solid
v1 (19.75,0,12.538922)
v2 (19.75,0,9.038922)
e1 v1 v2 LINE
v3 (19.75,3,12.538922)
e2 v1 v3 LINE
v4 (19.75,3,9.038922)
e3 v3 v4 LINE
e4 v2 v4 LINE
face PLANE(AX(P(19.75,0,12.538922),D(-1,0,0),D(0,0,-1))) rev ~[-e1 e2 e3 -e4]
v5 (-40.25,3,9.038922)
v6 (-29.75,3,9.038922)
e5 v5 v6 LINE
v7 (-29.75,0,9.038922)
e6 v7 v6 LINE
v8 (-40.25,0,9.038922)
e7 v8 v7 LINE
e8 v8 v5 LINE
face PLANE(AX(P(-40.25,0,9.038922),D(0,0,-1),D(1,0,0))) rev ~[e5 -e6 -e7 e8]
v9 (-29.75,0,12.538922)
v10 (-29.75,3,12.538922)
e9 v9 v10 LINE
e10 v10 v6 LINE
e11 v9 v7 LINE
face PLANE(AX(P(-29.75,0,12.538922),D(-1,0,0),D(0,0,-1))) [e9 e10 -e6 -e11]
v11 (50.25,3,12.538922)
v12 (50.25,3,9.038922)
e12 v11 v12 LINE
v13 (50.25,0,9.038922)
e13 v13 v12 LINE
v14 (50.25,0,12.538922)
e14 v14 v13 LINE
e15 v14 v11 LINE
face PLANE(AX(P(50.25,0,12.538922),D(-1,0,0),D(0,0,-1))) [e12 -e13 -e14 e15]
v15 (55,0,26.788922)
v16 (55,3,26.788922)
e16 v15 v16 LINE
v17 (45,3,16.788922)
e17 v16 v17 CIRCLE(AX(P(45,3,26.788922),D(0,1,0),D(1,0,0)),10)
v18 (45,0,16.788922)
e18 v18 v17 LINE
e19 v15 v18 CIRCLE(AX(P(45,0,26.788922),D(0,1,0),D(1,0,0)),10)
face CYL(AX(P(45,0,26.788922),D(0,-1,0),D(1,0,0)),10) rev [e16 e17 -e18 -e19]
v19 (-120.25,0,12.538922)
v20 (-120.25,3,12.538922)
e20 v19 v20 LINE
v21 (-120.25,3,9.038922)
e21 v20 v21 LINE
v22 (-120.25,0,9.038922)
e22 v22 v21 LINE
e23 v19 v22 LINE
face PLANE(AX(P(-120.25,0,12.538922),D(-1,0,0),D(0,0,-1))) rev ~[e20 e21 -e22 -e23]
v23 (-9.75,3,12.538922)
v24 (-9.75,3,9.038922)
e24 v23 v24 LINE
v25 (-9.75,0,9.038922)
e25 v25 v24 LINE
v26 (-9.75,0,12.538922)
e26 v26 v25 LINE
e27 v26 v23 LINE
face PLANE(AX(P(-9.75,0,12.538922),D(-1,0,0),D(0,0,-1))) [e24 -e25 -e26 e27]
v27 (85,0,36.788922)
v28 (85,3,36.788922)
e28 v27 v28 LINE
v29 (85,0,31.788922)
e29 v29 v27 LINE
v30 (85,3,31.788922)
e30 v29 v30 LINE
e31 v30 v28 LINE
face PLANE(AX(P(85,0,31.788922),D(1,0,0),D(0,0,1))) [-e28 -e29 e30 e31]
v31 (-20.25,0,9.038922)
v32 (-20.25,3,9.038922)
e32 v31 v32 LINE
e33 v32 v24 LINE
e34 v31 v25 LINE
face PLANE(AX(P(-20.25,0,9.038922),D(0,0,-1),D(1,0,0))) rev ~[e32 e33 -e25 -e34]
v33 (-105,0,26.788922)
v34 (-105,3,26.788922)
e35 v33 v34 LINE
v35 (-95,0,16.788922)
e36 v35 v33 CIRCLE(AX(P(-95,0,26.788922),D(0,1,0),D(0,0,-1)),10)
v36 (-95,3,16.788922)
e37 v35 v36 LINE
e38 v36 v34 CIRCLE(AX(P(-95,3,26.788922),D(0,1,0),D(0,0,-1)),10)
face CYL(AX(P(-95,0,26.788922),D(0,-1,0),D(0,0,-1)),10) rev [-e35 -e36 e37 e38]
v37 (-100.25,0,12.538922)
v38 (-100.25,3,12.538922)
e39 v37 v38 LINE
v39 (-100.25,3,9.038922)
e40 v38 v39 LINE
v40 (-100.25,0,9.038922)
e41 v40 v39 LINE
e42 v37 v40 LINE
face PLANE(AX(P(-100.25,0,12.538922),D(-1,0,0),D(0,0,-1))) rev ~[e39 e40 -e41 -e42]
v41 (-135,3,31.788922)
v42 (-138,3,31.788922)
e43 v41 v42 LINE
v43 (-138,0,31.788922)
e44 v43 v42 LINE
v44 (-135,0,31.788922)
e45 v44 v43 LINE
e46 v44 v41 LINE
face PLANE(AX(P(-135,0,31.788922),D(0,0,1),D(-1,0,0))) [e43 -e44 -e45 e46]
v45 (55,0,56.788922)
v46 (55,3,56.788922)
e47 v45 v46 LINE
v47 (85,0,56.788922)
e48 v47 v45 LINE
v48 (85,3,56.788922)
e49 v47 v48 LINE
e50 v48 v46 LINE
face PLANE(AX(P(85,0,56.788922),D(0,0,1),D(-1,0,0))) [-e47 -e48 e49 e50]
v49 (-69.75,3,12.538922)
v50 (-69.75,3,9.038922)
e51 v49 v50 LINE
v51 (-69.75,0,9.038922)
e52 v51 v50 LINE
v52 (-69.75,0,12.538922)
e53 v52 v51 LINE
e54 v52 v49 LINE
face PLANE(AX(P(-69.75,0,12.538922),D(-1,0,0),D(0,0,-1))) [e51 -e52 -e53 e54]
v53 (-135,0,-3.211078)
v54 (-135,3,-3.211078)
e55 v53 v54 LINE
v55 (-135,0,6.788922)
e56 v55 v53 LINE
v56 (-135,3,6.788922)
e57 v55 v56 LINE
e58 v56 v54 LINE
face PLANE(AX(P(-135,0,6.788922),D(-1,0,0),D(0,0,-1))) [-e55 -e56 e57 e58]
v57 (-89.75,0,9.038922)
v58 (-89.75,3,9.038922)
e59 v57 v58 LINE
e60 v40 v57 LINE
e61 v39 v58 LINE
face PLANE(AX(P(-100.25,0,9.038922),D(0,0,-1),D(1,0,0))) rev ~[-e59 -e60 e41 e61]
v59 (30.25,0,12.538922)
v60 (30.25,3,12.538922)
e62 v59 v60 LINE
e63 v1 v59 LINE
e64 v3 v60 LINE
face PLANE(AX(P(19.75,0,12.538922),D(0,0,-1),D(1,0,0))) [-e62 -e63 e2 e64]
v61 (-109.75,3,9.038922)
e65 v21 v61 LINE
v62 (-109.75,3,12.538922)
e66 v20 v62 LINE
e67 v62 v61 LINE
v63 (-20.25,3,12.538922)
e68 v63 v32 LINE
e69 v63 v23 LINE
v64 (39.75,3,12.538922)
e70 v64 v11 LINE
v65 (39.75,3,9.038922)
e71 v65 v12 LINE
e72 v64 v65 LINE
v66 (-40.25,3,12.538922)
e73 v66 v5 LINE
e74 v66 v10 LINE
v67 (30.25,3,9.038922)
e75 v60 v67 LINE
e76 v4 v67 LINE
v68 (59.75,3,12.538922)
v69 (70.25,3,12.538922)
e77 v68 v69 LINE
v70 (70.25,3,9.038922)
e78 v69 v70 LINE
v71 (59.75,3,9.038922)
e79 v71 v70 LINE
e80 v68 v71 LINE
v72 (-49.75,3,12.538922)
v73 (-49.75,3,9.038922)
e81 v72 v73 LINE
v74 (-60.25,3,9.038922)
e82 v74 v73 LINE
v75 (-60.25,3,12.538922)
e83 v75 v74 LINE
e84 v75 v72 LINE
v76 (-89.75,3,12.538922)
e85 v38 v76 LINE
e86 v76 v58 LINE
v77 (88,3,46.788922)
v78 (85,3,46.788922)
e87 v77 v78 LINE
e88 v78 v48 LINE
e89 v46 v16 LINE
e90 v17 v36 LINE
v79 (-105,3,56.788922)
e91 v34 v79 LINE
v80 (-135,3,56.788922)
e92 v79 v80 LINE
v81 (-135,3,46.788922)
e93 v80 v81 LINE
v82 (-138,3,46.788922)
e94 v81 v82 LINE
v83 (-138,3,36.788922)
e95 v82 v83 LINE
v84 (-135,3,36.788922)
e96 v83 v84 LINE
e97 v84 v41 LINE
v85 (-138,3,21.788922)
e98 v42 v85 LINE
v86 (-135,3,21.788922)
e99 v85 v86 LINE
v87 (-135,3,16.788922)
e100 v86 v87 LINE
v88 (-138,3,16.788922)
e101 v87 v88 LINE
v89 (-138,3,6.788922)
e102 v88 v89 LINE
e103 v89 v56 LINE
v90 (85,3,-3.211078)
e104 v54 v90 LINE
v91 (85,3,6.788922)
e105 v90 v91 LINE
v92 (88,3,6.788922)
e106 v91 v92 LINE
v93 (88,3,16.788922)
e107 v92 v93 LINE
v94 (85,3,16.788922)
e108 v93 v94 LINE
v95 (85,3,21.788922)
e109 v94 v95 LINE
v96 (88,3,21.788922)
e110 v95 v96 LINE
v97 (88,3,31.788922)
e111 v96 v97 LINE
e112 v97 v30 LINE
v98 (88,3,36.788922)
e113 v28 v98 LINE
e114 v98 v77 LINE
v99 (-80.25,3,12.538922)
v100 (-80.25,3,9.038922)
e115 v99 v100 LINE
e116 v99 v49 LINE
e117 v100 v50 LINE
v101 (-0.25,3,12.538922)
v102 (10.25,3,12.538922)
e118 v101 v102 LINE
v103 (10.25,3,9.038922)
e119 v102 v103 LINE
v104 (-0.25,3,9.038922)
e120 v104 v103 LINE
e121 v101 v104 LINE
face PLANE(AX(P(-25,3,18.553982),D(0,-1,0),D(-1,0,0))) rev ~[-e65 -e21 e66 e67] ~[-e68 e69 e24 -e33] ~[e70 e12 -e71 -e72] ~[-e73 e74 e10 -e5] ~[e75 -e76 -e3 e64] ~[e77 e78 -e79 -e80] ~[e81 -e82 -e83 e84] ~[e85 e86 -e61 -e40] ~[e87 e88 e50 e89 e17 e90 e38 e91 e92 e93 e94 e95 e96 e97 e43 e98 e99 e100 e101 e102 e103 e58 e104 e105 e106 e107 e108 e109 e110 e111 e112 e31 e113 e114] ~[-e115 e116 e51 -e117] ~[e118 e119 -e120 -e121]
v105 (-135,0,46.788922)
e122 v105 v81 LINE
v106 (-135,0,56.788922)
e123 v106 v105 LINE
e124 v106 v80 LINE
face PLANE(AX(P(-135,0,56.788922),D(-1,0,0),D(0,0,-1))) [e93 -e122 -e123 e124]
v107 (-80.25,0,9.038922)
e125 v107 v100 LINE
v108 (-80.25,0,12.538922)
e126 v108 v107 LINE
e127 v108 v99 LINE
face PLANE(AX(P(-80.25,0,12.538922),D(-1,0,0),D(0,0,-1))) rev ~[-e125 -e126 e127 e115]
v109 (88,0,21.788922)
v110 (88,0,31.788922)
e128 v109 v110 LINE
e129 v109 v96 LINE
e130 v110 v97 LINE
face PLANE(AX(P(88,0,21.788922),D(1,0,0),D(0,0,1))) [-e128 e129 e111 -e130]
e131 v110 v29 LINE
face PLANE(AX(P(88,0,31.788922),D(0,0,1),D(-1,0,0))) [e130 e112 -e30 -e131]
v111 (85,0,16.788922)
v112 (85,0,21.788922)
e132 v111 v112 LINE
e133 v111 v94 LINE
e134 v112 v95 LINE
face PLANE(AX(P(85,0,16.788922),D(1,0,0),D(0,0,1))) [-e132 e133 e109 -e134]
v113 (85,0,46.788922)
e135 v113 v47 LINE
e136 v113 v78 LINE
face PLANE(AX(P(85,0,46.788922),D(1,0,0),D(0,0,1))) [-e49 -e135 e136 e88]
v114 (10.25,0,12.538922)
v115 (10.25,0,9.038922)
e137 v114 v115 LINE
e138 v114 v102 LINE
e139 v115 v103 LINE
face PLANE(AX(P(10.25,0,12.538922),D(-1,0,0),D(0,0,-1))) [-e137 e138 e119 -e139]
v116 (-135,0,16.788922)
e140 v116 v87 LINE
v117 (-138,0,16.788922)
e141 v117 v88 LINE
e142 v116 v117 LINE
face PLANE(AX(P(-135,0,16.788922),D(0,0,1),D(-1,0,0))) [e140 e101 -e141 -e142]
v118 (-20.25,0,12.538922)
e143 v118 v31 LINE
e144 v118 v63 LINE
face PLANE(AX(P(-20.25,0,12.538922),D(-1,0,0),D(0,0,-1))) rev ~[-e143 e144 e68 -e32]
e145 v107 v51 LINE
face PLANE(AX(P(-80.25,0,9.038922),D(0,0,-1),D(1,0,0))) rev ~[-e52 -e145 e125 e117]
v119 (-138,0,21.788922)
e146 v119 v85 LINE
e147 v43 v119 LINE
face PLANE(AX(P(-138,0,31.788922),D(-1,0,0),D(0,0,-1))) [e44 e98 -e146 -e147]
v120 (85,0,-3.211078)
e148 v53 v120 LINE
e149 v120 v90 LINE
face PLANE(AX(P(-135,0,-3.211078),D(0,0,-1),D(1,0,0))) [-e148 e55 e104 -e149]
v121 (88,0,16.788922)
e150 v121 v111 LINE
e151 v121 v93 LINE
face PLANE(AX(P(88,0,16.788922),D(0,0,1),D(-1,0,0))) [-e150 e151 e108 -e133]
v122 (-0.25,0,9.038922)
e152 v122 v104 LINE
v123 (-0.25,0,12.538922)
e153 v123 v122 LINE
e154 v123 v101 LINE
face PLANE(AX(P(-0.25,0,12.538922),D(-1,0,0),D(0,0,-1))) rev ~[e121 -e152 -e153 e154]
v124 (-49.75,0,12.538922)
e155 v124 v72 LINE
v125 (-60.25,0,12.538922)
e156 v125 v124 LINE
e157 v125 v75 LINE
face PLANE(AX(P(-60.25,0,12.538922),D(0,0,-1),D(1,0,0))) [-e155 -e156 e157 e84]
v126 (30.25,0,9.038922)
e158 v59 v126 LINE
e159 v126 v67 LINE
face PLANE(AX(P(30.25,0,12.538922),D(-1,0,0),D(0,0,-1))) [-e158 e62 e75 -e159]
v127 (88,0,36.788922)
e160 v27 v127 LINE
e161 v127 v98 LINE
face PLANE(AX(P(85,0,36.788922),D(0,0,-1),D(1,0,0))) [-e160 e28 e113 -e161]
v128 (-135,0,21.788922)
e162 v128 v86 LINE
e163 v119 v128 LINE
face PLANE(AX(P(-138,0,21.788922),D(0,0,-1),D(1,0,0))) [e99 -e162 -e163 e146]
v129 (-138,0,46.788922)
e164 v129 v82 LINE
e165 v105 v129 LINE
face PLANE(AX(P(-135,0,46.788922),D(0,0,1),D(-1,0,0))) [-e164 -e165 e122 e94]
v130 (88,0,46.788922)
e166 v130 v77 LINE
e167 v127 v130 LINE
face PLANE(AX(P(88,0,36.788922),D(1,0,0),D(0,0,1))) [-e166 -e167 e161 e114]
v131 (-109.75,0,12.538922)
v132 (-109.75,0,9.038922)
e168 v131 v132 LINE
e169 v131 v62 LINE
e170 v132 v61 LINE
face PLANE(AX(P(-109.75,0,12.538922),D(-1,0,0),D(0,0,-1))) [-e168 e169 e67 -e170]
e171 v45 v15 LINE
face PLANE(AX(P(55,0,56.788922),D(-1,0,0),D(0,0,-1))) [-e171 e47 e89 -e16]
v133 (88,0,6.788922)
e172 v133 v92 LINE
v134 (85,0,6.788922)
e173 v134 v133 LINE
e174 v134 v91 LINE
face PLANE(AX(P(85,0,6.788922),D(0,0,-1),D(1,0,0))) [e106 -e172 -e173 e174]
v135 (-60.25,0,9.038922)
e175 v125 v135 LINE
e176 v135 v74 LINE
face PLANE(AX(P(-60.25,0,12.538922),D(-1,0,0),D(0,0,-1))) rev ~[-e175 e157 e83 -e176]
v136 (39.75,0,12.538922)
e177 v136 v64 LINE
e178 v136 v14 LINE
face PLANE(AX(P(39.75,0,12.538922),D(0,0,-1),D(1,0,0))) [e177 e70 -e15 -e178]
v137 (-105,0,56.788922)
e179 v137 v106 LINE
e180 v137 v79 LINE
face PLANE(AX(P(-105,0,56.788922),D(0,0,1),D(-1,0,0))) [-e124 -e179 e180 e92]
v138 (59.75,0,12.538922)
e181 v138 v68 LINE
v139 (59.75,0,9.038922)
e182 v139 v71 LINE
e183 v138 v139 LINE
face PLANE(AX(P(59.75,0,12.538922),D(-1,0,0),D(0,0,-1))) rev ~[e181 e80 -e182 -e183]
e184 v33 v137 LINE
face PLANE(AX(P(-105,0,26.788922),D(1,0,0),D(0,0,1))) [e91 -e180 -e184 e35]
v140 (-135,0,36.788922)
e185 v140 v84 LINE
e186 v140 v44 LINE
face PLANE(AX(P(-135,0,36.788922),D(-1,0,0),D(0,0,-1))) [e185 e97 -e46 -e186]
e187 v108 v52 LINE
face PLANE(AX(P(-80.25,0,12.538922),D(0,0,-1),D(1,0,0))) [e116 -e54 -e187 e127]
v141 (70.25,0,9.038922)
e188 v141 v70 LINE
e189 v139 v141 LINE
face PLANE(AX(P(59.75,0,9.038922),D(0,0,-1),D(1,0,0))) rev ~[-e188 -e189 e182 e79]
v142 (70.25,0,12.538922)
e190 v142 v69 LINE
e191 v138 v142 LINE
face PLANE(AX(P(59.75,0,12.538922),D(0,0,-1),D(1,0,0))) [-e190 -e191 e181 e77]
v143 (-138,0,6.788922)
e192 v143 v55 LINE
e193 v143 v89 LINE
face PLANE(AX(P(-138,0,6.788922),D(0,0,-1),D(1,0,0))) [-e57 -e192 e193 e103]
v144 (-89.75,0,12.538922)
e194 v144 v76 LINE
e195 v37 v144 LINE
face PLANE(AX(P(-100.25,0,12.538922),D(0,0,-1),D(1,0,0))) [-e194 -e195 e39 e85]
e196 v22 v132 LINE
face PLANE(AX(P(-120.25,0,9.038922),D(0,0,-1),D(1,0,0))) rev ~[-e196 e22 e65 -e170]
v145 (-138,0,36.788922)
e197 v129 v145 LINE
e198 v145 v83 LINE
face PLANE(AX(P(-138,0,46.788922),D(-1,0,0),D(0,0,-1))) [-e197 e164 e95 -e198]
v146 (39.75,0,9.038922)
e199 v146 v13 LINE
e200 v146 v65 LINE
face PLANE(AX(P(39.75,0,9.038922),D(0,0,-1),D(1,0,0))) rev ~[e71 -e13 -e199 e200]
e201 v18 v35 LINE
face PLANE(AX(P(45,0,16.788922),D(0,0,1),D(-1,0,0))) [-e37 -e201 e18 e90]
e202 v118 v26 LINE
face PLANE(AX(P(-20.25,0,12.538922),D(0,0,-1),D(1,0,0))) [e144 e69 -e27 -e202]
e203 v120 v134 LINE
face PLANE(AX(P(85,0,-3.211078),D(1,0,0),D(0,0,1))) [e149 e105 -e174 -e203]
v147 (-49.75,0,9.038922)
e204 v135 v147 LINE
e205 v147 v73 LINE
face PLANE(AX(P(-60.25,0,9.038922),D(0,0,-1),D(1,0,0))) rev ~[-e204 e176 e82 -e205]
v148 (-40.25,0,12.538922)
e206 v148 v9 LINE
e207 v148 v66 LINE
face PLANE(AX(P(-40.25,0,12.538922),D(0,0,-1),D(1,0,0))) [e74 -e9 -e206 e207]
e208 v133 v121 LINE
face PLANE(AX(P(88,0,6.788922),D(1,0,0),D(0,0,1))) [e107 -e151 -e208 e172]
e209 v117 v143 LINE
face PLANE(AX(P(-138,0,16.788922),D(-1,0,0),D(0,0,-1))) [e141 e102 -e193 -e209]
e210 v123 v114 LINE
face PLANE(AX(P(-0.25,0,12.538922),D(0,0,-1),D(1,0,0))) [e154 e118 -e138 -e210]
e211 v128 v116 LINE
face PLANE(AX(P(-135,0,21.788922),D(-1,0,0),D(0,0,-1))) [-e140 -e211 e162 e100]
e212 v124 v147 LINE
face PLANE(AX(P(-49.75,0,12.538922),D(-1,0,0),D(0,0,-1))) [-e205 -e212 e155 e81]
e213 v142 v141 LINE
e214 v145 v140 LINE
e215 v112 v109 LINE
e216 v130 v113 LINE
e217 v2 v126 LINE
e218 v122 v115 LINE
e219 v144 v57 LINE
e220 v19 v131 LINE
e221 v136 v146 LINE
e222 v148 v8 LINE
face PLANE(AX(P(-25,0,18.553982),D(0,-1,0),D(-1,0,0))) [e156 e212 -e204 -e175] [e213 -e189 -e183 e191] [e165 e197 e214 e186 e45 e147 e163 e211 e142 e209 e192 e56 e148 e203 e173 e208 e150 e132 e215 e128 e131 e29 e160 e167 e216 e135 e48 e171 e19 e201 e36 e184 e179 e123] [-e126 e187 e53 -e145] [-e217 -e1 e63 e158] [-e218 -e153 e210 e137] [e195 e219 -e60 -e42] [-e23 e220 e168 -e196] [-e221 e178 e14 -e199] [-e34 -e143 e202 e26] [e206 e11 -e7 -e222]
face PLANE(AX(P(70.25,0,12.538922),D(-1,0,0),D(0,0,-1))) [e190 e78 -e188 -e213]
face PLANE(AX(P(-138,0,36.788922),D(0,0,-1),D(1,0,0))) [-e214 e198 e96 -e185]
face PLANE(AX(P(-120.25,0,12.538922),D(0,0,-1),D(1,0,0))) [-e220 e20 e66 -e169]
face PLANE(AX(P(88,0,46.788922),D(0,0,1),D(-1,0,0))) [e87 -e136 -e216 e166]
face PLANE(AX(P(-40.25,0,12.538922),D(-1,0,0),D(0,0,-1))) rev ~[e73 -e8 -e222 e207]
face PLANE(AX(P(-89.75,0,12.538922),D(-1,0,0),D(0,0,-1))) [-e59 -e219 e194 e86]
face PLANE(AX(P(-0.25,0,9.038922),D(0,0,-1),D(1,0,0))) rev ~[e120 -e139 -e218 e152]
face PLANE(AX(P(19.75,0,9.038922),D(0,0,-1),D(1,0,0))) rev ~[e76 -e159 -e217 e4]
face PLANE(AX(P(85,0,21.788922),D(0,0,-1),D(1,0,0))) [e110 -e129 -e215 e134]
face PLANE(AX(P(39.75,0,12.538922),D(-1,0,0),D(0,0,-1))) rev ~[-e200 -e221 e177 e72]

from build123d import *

# Parameters (mm, degrees)
EXTRUDE_1_DEPTH     = 3
SKETCH_2_W          = 10.5
SKETCH_2_H          = 3.5
CUT_EXTRUDE_1_DEPTH = 150.258104234


with BuildPart() as part:
    # Эскиз1 → Бобышка-Вытянуть1 (new body)
    with BuildSketch(Plane(origin=(0, 0, 0), x_dir=(1, 0, 0), z_dir=(0, 1, 0))):
        with BuildLine():
            Line((-135, -31.788922156), (-138, -31.788922156))
            Line((-138, -31.788922156), (-138, -21.788922156))
            Line((-138, -21.788922156), (-135, -21.788922156))
            Line((-135, -21.788922156), (-135, -16.788922156))
            Line((-135, -16.788922156), (-138, -16.788922156))
            Line((-138, -16.788922156), (-138, -6.788922156))
            Line((-138, -6.788922156), (-135, -6.788922156))
            Line((-135, -6.788922156), (-135, 3.211077844))
            Line((-135, 3.211077844), (-125, 3.211077844))
            Line((-125, 3.211077844), (75, 3.211077844))
            Line((75, 3.211077844), (85, 3.211077844))
            Line((85, 3.211077844), (85, -6.788922156))
            Line((85, -6.788922156), (88, -6.788922156))
            Line((88, -6.788922156), (88, -16.788922156))
            Line((88, -16.788922156), (85, -16.788922156))
            Line((85, -16.788922156), (85, -21.788922156))
            Line((85, -21.788922156), (88, -21.788922156))
            Line((88, -21.788922156), (88, -31.788922156))
            Line((88, -31.788922156), (85, -31.788922156))
            Line((85, -31.788922156), (85, -36.788922156))
            Line((85, -36.788922156), (88, -36.788922156))
            Line((88, -36.788922156), (88, -46.788922156))
            Line((88, -46.788922156), (85, -46.788922156))
            Line((85, -46.788922156), (85, -56.788922156))
            Line((85, -56.788922156), (55, -56.788922156))
            Line((55, -56.788922156), (55, -26.788922156))
            ThreePointArc((55, -26.788922156), (52.071067812, -19.717854344), (45, -16.788922156))
            Line((45, -16.788922156), (-95, -16.788922156))
            ThreePointArc((-95, -16.788922156), (-102.071067812, -19.717854344), (-105, -26.788922156))
            Line((-105, -26.788922156), (-105, -56.788922156))
            Line((-105, -56.788922156), (-135, -56.788922156))
            Line((-135, -56.788922156), (-135, -46.788922156))
            Line((-135, -46.788922156), (-138, -46.788922156))
            Line((-138, -46.788922156), (-138, -36.788922156))
            Line((-138, -36.788922156), (-135, -36.788922156))
            Line((-135, -36.788922156), (-135, -31.788922156))
        make_face()
    extrude(amount=EXTRUDE_1_DEPTH)

    # Эскиз2 → Вырез-Вытянуть1 (cut, through all)
    with BuildSketch(Plane(origin=(0, 0, 0), x_dir=(1, 0, 0), z_dir=(0, 1, 0))):
        with Locations((-115, -10.788922156)):
            Rectangle(SKETCH_2_W, SKETCH_2_H)
        with Locations((-95, -10.788922156)):
            Rectangle(SKETCH_2_W, SKETCH_2_H)
        with Locations((-75, -10.788922156)):
            Rectangle(SKETCH_2_W, SKETCH_2_H)
        with Locations((-55, -10.788922156)):
            Rectangle(SKETCH_2_W, SKETCH_2_H)
        with Locations((-35, -10.788922156)):
            Rectangle(SKETCH_2_W, SKETCH_2_H)
        with Locations((-15, -10.788922156)):
            Rectangle(SKETCH_2_W, SKETCH_2_H)
        with Locations((5, -10.788922156)):
            Rectangle(SKETCH_2_W, SKETCH_2_H)
        with Locations((25, -10.788922156)):
            Rectangle(SKETCH_2_W, SKETCH_2_H)
        with Locations((45, -10.788922156)):
            Rectangle(SKETCH_2_W, SKETCH_2_H)
        with Locations((65, -10.788922156)):
            Rectangle(SKETCH_2_W, SKETCH_2_H)
    extrude(amount=CUT_EXTRUDE_1_DEPTH, mode=Mode.SUBTRACT)


solid = part.part
